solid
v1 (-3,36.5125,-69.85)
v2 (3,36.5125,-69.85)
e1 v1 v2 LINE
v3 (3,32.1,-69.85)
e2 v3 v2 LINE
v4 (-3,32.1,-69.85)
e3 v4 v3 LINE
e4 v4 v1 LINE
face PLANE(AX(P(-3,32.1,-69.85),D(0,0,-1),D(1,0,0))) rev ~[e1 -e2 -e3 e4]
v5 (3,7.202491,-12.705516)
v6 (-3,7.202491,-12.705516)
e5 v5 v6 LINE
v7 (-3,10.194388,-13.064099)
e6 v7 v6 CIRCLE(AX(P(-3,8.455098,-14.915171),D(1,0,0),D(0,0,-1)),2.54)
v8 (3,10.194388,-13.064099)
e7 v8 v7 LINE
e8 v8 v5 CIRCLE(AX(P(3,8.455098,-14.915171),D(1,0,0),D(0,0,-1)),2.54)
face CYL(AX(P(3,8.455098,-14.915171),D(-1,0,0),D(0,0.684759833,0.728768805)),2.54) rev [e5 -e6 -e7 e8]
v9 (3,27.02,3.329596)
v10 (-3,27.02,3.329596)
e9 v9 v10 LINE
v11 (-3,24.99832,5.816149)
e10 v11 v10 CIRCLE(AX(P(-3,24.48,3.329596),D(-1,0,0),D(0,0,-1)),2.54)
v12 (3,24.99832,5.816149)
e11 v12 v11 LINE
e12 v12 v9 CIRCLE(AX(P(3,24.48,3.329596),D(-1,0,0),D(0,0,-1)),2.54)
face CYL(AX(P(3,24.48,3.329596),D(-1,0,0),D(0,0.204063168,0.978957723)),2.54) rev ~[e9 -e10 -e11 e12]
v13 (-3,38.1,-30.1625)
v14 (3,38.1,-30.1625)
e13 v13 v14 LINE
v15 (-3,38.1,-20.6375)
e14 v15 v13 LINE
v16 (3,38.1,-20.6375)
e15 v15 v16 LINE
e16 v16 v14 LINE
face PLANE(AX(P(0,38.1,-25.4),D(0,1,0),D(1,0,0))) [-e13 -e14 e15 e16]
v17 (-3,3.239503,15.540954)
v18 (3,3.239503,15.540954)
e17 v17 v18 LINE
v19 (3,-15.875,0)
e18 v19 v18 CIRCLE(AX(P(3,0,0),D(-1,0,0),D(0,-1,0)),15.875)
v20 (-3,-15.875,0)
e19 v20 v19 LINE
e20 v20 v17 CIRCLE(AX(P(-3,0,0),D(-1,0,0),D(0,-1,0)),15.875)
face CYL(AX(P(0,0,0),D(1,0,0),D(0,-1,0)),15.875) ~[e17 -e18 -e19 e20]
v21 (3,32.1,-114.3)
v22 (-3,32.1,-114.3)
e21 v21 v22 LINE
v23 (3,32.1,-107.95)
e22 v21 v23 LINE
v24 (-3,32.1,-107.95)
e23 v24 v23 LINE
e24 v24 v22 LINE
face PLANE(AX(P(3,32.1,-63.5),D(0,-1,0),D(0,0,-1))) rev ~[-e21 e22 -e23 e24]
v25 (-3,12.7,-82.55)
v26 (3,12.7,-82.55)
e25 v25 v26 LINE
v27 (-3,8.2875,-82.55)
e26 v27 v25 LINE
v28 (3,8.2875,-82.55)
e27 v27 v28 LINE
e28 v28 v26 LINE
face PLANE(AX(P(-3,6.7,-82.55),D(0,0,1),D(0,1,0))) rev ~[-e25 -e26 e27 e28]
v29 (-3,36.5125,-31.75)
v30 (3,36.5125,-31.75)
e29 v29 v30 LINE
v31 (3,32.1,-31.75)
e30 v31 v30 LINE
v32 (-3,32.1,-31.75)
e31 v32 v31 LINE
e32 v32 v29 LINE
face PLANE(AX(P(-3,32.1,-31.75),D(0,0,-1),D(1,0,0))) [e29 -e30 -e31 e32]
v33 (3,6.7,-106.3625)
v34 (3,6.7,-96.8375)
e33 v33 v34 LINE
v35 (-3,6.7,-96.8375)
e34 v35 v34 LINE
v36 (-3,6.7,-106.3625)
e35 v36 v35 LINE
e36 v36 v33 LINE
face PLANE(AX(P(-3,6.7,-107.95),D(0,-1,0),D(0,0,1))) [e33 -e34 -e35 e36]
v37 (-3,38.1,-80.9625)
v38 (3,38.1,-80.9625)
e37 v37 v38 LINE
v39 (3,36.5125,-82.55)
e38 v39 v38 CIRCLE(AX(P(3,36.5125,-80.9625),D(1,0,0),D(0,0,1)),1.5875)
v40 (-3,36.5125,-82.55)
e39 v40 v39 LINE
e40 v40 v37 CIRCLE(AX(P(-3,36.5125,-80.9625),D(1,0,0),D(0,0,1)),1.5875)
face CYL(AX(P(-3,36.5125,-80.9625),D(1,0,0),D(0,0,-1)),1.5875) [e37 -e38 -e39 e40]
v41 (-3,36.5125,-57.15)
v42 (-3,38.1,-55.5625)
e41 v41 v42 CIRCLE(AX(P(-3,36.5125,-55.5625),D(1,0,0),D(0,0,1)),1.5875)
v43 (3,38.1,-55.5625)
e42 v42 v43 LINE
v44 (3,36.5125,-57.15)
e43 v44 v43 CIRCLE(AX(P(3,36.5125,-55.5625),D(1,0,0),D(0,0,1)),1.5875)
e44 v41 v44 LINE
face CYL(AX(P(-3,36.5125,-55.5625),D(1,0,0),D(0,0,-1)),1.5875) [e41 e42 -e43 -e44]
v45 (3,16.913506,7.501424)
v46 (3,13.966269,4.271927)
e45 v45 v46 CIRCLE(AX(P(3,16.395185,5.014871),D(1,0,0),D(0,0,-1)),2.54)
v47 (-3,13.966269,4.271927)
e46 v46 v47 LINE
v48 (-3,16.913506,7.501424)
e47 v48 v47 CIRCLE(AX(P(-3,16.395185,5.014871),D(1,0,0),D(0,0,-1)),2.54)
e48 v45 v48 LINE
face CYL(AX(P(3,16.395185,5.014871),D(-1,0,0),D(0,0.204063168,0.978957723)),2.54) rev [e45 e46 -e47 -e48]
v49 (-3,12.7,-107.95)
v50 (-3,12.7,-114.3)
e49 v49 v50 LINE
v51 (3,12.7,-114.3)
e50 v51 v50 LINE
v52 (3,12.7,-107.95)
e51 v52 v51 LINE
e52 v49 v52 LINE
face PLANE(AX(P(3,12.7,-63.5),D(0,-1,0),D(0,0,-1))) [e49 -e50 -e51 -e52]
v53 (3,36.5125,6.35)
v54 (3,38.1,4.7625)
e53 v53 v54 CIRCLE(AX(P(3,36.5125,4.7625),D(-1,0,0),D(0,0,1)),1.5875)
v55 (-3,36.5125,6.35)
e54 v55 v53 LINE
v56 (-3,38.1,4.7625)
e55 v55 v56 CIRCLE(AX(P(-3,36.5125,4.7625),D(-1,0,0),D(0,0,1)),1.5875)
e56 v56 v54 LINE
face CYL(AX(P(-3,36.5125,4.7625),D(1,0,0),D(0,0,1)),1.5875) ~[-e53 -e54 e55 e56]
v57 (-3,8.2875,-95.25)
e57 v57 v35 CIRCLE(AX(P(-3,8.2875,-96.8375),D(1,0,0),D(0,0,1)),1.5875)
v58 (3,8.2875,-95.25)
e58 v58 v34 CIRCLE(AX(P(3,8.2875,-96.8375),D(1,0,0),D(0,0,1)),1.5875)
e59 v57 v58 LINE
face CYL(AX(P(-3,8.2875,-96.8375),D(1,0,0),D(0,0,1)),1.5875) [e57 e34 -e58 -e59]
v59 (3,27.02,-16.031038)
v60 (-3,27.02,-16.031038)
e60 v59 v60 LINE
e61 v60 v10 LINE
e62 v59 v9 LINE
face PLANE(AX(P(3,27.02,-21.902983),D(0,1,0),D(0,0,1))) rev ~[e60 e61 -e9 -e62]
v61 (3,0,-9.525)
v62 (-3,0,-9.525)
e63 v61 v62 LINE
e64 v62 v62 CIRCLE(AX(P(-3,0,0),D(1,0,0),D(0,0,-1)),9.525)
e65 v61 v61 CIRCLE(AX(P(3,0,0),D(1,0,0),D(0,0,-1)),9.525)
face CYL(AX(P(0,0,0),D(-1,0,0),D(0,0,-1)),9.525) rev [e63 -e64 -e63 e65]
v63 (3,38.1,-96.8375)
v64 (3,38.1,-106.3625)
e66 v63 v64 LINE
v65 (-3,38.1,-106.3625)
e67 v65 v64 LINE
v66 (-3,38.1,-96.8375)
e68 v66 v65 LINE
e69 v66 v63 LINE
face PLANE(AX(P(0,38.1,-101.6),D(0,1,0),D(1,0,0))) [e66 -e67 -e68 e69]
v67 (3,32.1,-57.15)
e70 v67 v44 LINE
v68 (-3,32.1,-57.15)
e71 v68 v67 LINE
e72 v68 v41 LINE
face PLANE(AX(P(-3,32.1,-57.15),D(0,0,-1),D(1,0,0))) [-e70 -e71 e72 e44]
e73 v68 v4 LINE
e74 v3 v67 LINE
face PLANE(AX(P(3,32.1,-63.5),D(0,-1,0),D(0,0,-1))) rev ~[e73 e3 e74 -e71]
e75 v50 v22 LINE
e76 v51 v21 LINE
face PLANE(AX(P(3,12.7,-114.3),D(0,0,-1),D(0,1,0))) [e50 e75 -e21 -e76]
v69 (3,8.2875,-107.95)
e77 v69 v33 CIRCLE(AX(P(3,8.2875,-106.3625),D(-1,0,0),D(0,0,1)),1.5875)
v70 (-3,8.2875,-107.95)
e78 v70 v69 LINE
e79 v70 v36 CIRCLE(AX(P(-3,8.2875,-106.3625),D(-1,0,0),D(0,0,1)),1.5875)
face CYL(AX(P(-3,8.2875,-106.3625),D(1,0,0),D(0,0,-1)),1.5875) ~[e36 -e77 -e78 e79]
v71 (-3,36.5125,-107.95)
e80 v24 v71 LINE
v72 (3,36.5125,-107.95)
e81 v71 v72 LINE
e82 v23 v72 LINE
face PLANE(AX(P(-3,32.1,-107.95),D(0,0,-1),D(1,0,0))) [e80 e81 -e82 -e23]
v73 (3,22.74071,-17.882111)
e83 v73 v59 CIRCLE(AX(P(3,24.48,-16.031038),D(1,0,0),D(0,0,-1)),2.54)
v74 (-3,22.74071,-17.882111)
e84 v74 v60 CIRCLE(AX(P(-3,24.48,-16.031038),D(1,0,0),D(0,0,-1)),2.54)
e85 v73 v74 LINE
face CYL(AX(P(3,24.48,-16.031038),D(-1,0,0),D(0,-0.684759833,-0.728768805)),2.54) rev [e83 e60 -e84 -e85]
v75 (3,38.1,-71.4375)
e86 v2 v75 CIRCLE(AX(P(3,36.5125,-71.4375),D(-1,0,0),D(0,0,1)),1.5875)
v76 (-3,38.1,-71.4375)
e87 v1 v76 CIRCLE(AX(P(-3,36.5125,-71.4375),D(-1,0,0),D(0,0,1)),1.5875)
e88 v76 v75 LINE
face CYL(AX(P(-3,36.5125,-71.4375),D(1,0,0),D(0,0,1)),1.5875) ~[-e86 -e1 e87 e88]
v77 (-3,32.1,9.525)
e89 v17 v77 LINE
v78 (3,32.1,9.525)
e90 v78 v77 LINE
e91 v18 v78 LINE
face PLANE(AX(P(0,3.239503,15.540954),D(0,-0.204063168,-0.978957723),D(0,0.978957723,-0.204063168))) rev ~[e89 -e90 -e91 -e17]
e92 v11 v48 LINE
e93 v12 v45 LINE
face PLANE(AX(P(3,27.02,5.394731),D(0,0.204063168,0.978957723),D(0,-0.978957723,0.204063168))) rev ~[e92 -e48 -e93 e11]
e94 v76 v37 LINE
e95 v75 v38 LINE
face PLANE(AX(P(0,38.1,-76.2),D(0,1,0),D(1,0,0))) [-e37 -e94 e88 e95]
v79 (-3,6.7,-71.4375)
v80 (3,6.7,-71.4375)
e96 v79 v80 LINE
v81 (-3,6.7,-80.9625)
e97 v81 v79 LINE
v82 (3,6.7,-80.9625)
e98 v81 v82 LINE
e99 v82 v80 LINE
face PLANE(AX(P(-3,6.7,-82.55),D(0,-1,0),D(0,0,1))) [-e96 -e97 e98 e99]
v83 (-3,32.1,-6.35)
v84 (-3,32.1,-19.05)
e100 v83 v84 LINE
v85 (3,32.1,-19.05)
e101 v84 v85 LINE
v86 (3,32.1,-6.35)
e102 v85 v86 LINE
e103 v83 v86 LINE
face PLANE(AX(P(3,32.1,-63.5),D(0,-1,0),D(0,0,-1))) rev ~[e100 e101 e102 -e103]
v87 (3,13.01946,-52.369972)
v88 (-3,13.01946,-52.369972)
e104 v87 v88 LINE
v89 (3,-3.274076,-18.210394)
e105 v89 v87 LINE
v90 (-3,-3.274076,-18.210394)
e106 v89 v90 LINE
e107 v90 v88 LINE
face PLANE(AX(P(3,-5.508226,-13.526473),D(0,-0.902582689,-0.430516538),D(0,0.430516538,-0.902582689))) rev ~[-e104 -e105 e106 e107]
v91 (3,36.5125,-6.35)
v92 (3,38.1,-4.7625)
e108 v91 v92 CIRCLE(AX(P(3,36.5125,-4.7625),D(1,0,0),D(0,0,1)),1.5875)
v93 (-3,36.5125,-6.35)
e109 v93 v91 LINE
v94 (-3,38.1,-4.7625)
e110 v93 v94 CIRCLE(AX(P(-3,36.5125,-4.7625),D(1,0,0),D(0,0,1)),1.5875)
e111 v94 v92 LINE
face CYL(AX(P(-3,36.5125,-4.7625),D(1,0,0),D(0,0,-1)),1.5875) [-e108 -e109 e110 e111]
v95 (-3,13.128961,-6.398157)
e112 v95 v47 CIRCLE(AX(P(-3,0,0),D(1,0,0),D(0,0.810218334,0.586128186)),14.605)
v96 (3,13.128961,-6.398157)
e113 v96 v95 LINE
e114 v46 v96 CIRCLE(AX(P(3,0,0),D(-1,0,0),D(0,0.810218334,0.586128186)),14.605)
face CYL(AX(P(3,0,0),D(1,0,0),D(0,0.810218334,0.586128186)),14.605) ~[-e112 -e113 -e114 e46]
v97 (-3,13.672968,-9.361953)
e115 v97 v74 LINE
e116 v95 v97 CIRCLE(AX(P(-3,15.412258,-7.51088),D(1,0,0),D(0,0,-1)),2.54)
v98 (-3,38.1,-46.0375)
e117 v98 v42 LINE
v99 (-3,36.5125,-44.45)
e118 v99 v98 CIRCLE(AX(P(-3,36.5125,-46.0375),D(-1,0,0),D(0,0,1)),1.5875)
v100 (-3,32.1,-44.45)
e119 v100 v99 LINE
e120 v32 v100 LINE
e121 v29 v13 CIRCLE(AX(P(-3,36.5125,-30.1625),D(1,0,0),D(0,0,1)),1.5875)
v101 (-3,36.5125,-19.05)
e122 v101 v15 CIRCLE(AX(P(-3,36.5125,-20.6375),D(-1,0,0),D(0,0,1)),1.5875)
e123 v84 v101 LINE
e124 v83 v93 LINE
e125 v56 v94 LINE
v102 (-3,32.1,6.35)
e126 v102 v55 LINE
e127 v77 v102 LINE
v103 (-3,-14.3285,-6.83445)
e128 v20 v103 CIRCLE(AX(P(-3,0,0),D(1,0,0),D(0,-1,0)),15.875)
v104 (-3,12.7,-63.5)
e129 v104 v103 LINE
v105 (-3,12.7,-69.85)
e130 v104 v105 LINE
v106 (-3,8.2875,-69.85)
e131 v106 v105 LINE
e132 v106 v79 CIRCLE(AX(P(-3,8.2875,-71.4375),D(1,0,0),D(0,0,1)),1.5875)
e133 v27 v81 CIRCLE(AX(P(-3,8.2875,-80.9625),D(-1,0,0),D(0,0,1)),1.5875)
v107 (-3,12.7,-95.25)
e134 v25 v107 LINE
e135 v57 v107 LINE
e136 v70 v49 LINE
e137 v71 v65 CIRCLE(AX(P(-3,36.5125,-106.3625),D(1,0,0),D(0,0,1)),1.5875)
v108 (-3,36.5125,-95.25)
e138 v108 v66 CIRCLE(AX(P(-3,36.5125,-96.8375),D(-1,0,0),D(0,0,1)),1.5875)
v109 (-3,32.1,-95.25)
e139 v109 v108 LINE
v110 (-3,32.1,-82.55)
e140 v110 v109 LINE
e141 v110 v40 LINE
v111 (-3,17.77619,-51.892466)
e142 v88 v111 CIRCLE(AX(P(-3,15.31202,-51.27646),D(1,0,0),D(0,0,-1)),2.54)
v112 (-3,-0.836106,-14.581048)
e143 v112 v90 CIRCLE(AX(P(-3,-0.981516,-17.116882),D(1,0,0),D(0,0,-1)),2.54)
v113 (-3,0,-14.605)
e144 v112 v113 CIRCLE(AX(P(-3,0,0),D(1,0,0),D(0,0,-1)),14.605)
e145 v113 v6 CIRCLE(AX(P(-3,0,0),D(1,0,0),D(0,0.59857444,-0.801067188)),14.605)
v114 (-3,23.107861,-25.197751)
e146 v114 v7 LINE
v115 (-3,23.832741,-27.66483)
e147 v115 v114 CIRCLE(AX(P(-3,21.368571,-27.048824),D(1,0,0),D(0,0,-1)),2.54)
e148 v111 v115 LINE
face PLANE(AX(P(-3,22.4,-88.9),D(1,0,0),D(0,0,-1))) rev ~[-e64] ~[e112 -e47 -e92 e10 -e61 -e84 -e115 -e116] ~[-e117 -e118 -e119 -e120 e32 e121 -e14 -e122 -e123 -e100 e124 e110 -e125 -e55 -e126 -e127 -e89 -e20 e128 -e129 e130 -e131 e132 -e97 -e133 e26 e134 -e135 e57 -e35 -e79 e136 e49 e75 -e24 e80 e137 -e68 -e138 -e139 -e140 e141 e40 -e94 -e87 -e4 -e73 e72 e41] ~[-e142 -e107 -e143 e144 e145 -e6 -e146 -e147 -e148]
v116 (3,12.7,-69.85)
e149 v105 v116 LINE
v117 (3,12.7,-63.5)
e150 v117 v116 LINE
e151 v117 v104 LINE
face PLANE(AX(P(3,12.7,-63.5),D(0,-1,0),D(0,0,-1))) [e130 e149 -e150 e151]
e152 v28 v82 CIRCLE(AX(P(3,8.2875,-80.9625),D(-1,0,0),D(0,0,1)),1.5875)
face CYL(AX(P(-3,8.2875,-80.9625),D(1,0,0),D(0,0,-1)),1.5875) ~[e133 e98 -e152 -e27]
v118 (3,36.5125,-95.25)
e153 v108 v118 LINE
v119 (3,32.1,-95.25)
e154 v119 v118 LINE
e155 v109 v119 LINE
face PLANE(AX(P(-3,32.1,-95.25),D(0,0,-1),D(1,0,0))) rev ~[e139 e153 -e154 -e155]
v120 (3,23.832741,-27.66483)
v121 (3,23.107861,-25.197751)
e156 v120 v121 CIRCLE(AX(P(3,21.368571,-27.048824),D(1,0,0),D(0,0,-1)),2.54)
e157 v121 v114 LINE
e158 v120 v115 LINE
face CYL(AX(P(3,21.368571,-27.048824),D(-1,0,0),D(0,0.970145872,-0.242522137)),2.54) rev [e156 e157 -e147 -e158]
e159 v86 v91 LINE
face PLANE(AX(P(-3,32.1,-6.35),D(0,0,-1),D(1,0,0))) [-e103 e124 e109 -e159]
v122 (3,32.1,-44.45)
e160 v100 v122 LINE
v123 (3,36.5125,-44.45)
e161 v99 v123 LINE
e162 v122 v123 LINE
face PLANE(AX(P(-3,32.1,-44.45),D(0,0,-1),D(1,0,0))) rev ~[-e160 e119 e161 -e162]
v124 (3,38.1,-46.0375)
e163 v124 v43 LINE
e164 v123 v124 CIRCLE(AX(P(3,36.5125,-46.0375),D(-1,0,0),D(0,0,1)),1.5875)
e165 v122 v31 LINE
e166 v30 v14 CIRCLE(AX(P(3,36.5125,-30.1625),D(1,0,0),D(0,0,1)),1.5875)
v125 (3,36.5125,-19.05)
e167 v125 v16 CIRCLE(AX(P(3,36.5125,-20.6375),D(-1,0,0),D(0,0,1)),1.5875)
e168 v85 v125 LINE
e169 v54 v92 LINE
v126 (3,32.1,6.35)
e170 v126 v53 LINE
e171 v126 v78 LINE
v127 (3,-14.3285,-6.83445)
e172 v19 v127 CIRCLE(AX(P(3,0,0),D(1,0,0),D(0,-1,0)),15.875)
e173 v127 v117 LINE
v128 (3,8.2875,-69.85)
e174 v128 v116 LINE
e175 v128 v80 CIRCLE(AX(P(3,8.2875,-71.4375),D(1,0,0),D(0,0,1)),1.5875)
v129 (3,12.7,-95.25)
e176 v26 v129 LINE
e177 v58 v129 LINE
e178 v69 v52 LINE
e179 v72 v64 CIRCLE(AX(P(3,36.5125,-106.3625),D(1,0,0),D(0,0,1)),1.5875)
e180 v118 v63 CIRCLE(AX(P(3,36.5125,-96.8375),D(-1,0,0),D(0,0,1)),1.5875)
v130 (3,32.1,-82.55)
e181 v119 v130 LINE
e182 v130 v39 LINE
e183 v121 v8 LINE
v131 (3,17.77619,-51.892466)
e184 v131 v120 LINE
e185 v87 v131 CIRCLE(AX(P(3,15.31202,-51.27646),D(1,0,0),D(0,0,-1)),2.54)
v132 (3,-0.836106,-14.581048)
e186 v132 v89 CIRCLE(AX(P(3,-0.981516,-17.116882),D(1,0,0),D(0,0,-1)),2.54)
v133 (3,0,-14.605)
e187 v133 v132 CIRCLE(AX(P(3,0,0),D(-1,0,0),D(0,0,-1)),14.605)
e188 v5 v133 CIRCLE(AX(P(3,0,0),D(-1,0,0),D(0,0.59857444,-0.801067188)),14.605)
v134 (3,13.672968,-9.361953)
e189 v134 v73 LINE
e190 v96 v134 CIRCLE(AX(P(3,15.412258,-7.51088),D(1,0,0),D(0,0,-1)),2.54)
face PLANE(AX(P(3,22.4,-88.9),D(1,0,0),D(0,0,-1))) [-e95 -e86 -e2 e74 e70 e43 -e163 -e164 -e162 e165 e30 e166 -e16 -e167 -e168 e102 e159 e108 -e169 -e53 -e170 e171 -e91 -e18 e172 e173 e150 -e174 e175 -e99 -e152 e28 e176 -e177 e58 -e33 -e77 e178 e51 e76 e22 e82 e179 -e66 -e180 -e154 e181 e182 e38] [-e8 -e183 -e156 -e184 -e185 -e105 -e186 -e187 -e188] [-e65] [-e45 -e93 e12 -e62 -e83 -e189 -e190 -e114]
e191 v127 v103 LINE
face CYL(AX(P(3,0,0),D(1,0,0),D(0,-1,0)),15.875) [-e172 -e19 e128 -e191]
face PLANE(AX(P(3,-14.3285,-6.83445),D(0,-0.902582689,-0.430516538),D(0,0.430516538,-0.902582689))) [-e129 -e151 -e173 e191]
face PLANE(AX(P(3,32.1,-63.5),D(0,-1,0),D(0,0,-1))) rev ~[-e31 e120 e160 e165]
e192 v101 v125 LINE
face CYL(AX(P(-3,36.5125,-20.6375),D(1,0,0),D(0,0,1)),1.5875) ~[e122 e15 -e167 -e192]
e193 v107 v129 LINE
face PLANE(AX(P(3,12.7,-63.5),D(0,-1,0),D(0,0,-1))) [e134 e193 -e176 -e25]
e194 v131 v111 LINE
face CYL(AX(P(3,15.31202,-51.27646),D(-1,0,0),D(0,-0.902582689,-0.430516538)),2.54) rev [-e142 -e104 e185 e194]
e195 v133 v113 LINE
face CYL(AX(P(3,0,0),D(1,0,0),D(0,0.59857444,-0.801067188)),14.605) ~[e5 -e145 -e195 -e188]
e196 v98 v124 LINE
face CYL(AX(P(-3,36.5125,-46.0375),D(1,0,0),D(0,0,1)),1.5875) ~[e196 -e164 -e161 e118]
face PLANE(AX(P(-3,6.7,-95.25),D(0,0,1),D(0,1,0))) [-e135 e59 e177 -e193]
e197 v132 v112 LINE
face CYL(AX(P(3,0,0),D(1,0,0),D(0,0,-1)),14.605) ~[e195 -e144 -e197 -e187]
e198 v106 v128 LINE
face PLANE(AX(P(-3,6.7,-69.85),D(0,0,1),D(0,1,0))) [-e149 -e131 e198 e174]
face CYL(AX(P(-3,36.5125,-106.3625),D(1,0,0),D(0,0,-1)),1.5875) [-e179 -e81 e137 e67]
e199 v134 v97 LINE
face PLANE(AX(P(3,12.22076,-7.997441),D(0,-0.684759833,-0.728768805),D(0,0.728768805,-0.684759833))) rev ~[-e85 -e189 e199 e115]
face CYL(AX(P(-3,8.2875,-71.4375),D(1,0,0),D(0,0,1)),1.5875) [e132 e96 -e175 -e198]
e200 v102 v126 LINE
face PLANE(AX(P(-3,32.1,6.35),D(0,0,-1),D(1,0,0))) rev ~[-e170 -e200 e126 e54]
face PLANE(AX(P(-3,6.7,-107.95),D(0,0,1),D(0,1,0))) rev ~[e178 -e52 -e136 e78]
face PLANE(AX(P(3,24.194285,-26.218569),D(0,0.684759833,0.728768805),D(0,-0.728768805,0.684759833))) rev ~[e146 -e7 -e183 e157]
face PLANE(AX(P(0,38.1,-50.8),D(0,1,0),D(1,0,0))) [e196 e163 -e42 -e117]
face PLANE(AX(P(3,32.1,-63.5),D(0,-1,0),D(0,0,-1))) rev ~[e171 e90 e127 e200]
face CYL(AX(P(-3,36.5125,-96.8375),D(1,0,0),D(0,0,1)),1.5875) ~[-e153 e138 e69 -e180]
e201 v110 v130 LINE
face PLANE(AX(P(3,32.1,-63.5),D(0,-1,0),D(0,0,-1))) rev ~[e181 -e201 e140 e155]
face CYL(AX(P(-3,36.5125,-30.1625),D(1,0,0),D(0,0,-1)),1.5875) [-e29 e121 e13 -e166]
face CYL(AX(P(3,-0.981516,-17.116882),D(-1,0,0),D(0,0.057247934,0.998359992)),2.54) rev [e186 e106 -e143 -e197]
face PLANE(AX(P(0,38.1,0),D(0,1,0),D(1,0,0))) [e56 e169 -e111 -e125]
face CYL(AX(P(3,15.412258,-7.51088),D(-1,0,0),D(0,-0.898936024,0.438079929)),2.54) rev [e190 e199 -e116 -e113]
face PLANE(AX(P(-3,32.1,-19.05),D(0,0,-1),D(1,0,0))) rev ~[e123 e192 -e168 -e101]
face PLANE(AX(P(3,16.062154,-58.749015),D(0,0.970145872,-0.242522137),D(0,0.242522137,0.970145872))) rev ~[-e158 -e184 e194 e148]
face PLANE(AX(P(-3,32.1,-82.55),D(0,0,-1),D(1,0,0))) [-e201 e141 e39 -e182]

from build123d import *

# Parameters (mm, degrees)
SKETCH1_R              = 9.525
BOSS_EXTRUDE1_DEPTH    = 3
CUT_EXTRUDE1_DEPTH     = 72.404901793
SKETCH4_W              = 50.8
SKETCH4_H              = 19.4
BOSS_EXTRUDE3_DEPTH    = 6
SKETCH3_W              = 6
SKETCH3_H              = 12.7
BOSS_EXTRUDE2_DEPTH    = 6
FILLET1_R              = 1.5875
LPATTERN1_COUNT        = 5
LPATTERN1_PITCH        = 25.4
FILLET1_OF_LPATTERN1_R = 1.5875
SKETCH5_W              = 12.7
SKETCH5_H              = 6
BOSS_EXTRUDE4_DEPTH    = 6
FILLET2_R              = 1.5875
LPATTERN2_COUNT        = 2
LPATTERN2_PITCH        = 25.4
FILLET2_OF_LPATTERN2_R = 1.5875
CUT_EXTRUDE2_DEPTH     = 121.632085284
FILLET3_R              = 2.54


with BuildPart() as part:
    # Sketch1 → Boss-Extrude1 (new, symmetric)
    with BuildSketch(Plane(origin=(0, 0, 0), x_dir=(0, 0, -1), z_dir=(1, 0, 0))):
        with BuildLine():
            Line((-15.540953853, 3.23950279), (-9.525, 32.1))
            Line((-9.525, 32.1), (63.5, 32.1))
            Line((63.5, 32.1), (63.5, -15.875))
            Line((63.5, -15.875), (0, -15.875))
            ThreePointArc((0, -15.875), (-12.317522717, -10.014702148), (-15.540953853, 3.23950279))
        make_face()
        Circle(SKETCH1_R, mode=Mode.SUBTRACT)
    extrude(amount=BOSS_EXTRUDE1_DEPTH, both=True)

    # Sketch2 → Cut-Extrude1 (cut, through all)
    with BuildSketch(Plane(origin=(3, 0, 0), x_dir=(0, 0, -1), z_dir=(1, 0, 0))):
        with BuildLine():
            Line((6.834450038, -14.328500189), (63.5, 12.7))
            Line((63.5, 12.7), (63.5, -15.875))
            Line((63.5, -15.875), (0, -15.875))
            ThreePointArc((0, -15.875), (3.50361845, -15.483548778), (6.834450038, -14.328500189))
        make_face()
    extrude(amount=-CUT_EXTRUDE1_DEPTH, mode=Mode.SUBTRACT)

    # Sketch4 → Boss-Extrude3 (add)
    with BuildSketch(Plane(origin=(3, 0, 0), x_dir=(0, 0, -1), z_dir=(1, 0, 0))):
        with Locations((88.9, 22.4)):
            Rectangle(SKETCH4_W, SKETCH4_H)
    extrude(amount=-BOSS_EXTRUDE3_DEPTH)

    # Sketch3 → Boss-Extrude2 (add)
    with BuildSketch(Plane(origin=(0, 32.1, 0), x_dir=(1, 0, 0), z_dir=(0, 1, 0))):
        Rectangle(SKETCH3_W, SKETCH3_H)
    boss_extrude2 = extrude(amount=BOSS_EXTRUDE2_DEPTH)

    # Fillet1
    fillet1_edges = [part.edges().sort_by_distance(p)[0] for p in [
        (0, 38.1, -6.35),
        (0, 38.1, 6.35),
    ]]
    fillet(fillet1_edges, radius=FILLET1_R)

    # LPattern1: Boss-Extrude2 ×5
    with Locations(*[(0, 0, -i * LPATTERN1_PITCH) for i in range(1, LPATTERN1_COUNT)]):
        add(boss_extrude2)

    # Fillet1 of LPattern1
    fillet1_of_lpattern1_edges = [part.edges().sort_by_distance(p)[0] for p in [
        (0, 38.1, -31.75),
        (0, 38.1, -19.05),
        (0, 38.1, -57.15),
        (0, 38.1, -44.45),
        (0, 38.1, -82.55),
        (0, 38.1, -69.85),
        (0, 38.1, -107.95),
        (0, 38.1, -95.25),
    ]]
    fillet(fillet1_of_lpattern1_edges, radius=FILLET1_OF_LPATTERN1_R)

    # Sketch5 → Boss-Extrude4 (add)
    with BuildSketch(Plane.ZY.offset(3)):
        with Locations((-76.2, 9.7)):
            Rectangle(SKETCH5_W, SKETCH5_H)
    boss_extrude4 = extrude(amount=-BOSS_EXTRUDE4_DEPTH)

    # Fillet2
    fillet2_edges = [part.edges().sort_by_distance(p)[0] for p in [
        (0, 6.7, -82.55),
        (0, 6.7, -69.85),
    ]]
    fillet(fillet2_edges, radius=FILLET2_R)

    # LPattern2: Boss-Extrude4 ×2
    with Locations(*[(0, 0, -i * LPATTERN2_PITCH) for i in range(1, LPATTERN2_COUNT)]):
        add(boss_extrude4)

    # Fillet2 of LPattern2
    fillet2_of_lpattern2_edges = [part.edges().sort_by_distance(p)[0] for p in [
        (0, 6.7, -107.95),
        (0, 6.7, -95.25),
    ]]
    fillet(fillet2_of_lpattern2_edges, radius=FILLET2_OF_LPATTERN2_R)

    # Sketch6 → Cut-Extrude2 (cut, through all)
    with BuildSketch(Plane(origin=(3, 0, 0), x_dir=(0, 0, -1), z_dir=(1, 0, 0))):
        with BuildLine():
            Line((-1.27, 27.02), (-5.394730621, 27.02))
            Line((-5.394730621, 27.02), (-8.560402164, 11.83323877))
            ThreePointArc((-8.560402164, 11.83323877), (-0.341722831, 14.601001695), (7.997440758, 12.220759646))
            Line((7.997440758, 12.220759646), (21.902982951, 27.02))
            Line((21.902982951, 27.02), (1.27, 27.02))
            Line((1.27, 27.02), (-1.27, 27.02))
        make_face()
        with BuildLine():
            ThreePointArc((14.605, 0), (14.332832255, -2.806411331), (13.526472843, -5.50822634))
            Line((13.526472843, -5.50822634), (58.749014948, 16.062154405))
            Line((58.749014948, 16.062154405), (26.218568583, 24.19428546))
            Line((26.218568583, 24.19428546), (11.699586285, 8.742179692))
            ThreePointArc((11.699586285, 8.742179692), (13.859626306, 4.606168001), (14.605, 0))
        make_face()
    extrude(amount=-CUT_EXTRUDE2_DEPTH, mode=Mode.SUBTRACT)

    # Fillet3
    fillet3_edges = [part.edges().sort_by_distance(p)[0] for p in [
        (0, -5.50822634, -13.526472843),
        (0, 8.742179692, -11.699586285),
        (0, 24.19428546, -26.218568583),
        (0, 16.062154405, -58.749014948),
        (0, 12.220759646, -7.997440758),
        (0, 11.83323877, 8.560402164),
        (0, 27.02, 5.394730621),
        (0, 27.02, -21.902982951),
    ]]
    fillet(fillet3_edges, radius=FILLET3_R)


solid = part.part
